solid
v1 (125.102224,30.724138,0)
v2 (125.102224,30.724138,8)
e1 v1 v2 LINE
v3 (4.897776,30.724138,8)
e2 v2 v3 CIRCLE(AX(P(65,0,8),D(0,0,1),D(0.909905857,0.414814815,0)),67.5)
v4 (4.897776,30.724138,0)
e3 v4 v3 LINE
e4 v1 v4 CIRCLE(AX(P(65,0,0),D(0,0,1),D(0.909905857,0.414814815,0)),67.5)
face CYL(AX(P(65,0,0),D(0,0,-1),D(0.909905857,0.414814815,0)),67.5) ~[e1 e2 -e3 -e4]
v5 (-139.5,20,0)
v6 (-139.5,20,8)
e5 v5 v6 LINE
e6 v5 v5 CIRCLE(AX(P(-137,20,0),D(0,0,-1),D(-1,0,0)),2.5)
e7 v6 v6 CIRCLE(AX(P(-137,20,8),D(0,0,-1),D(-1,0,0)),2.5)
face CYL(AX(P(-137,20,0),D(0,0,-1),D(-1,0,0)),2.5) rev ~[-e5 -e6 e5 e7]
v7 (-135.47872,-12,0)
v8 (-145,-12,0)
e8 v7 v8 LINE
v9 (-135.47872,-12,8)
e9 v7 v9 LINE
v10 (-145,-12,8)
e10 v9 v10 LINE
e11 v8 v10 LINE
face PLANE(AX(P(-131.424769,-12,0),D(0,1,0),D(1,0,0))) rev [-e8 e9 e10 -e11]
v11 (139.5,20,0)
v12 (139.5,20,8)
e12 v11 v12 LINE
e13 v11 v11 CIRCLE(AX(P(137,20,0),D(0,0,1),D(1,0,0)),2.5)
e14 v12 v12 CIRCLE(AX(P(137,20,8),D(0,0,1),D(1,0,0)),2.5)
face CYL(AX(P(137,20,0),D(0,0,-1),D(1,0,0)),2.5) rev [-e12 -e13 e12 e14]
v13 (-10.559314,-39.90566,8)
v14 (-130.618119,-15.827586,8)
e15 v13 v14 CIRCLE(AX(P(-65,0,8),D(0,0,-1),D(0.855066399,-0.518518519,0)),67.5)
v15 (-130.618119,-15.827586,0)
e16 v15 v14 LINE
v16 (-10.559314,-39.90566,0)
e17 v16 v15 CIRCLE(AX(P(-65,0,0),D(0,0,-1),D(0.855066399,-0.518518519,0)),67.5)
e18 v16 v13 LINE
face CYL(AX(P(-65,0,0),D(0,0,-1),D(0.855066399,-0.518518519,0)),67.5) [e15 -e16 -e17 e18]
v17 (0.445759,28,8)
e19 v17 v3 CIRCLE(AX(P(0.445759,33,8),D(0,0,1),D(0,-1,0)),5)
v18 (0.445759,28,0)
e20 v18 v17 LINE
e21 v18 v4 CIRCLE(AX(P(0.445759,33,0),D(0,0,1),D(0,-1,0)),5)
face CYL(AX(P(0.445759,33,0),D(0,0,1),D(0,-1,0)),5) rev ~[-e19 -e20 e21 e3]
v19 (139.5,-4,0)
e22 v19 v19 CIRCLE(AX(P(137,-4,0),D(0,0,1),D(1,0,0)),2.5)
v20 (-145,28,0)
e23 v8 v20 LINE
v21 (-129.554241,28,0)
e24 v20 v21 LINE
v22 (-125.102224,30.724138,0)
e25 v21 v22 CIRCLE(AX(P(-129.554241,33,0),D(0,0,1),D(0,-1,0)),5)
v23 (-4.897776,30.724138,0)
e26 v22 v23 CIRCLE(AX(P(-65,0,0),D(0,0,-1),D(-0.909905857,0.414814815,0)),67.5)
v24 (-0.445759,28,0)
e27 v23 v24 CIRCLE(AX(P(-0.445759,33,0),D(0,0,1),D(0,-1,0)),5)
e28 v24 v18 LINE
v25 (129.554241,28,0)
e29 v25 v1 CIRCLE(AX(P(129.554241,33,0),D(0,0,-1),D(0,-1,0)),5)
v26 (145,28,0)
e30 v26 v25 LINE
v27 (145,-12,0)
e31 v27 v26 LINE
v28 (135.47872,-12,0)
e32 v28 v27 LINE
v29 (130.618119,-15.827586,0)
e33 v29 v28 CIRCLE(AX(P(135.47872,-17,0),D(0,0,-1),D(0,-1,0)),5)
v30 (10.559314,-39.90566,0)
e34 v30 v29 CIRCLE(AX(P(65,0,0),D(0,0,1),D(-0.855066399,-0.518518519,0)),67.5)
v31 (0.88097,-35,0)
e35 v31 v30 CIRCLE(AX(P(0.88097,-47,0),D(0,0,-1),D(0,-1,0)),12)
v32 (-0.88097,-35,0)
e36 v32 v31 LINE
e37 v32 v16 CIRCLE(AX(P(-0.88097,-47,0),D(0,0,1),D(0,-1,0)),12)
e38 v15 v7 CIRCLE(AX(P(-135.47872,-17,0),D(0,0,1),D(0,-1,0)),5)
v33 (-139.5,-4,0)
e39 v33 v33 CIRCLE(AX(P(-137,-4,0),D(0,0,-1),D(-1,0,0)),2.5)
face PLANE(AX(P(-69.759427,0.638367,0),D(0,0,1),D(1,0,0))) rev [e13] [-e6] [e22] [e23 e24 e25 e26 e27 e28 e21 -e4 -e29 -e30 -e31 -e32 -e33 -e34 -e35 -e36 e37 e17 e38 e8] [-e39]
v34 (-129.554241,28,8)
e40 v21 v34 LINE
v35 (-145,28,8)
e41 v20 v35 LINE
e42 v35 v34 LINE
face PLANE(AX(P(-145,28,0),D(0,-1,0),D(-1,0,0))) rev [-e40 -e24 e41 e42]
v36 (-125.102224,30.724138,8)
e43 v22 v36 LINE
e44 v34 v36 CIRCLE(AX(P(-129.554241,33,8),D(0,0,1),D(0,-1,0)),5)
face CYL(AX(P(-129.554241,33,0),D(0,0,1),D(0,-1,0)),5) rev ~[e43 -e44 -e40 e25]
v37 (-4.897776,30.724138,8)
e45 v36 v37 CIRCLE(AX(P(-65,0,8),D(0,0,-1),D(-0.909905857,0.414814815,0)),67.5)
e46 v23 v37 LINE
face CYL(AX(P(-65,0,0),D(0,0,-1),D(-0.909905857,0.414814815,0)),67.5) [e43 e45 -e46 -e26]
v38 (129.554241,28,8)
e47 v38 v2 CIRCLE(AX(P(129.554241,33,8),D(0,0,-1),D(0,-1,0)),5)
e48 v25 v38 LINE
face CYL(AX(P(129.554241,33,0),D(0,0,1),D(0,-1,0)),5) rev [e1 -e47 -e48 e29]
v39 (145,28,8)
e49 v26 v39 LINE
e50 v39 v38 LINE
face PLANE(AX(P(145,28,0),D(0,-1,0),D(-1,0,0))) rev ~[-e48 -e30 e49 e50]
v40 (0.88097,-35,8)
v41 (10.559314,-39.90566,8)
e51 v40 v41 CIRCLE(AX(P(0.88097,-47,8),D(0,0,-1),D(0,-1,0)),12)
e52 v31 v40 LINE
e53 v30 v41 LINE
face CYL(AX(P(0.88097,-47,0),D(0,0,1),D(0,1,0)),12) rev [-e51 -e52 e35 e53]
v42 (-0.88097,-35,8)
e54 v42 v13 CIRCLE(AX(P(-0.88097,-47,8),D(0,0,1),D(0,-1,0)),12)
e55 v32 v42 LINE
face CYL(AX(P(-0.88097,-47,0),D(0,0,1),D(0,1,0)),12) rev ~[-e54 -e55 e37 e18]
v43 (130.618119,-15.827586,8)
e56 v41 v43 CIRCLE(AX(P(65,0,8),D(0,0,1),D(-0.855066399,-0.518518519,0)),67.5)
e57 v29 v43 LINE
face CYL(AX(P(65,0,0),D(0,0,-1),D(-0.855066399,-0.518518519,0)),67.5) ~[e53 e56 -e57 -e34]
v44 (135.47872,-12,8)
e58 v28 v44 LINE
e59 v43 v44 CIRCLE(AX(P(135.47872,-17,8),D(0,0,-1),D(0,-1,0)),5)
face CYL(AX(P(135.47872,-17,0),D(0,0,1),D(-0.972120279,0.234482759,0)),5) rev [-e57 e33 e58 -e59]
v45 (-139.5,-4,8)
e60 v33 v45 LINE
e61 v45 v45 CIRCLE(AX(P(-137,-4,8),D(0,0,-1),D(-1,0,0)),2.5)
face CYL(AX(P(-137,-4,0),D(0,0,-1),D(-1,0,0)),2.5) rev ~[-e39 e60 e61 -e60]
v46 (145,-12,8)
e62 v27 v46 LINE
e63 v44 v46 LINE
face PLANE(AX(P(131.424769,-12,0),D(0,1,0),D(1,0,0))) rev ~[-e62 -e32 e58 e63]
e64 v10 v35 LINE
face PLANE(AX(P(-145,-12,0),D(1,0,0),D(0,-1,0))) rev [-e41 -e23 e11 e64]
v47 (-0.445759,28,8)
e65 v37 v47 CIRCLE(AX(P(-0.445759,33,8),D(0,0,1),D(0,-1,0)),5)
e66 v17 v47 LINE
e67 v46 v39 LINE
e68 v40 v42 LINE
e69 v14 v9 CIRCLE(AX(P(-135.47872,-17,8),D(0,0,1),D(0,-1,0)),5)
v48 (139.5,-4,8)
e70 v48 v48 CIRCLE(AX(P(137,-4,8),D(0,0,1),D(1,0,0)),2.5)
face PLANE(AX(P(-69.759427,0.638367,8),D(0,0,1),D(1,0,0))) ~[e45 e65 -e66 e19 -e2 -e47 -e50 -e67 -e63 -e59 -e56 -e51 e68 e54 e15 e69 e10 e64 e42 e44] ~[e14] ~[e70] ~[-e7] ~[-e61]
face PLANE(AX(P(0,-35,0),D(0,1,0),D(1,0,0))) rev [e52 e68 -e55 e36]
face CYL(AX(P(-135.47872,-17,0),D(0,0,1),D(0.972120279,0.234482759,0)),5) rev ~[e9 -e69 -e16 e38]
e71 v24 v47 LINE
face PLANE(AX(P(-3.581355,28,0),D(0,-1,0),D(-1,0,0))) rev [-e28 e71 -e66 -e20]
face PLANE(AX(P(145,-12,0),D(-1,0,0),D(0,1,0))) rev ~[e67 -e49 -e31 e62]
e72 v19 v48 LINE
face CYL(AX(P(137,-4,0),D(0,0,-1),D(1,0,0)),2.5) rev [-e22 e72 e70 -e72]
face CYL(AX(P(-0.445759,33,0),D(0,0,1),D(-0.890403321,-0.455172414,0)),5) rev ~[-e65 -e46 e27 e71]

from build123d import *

# Parameters (mm, degrees)
F0_R     = 2.5
F1_DEPTH = 8
F3_R     = 12
F4_R     = 5
F5_R     = 5


with BuildPart() as f1:
    # F0 (on Top) → F1 (new body)
    with BuildSketch(Plane.XY):
        with BuildLine():
            Line((0, -35), (7.2830180969, -35))
            ThreePointArc((7.2830180969, -35), (77.2966007948, -66.3705025512), (131.4247694765, -12))
            Line((131.4247694765, -12), (145, -12))
            Line((145, -12), (145, 28))
            Line((145, 28), (126.4186453774, 28))
            ThreePointArc((126.4186453774, 28), (65, 67.5), (3.5813546226, 28))
            Line((3.5813546226, 28), (0, 28))
            Line((0, 28), (0, 0))
            Line((0, 0), (0, -35))
        make_face()
        with Locations((137, -4)):
            Circle(F0_R, mode=Mode.SUBTRACT)
        with Locations((137, 20)):
            Circle(F0_R, mode=Mode.SUBTRACT)
    extrude(amount=F1_DEPTH)

    # F2: F1 across face


with BuildPart() as f1_1:
    add(f1.part)
    add(f1.part.mirror(Plane(origin=(0, -3.5, 4), x_dir=(0, -1, 0), z_dir=(-1, 0, 0))))

    # F3
    f3_edges = [f1_1.edges().sort_by_distance(p)[0] for p in [
        (7.283018, -35, 4),
        (-7.283018, -35, 4),
    ]]
    fillet(f3_edges, radius=F3_R)

    # F4
    f4_edges = [f1_1.edges().sort_by_distance(p)[0] for p in [
        (131.424769, -12, 4),
        (126.418645, 28, 4),
        (-126.418645, 28, 4),
        (-131.424769, -12, 4),
    ]]
    fillet(f4_edges, radius=F4_R)

    # F5
    f5_edges = [f1_1.edges().sort_by_distance(p)[0] for p in [
        (-3.581355, 28, 4),
        (3.581355, 28, 4),
    ]]
    fillet(f5_edges, radius=F5_R)


solid = f1_1.part
